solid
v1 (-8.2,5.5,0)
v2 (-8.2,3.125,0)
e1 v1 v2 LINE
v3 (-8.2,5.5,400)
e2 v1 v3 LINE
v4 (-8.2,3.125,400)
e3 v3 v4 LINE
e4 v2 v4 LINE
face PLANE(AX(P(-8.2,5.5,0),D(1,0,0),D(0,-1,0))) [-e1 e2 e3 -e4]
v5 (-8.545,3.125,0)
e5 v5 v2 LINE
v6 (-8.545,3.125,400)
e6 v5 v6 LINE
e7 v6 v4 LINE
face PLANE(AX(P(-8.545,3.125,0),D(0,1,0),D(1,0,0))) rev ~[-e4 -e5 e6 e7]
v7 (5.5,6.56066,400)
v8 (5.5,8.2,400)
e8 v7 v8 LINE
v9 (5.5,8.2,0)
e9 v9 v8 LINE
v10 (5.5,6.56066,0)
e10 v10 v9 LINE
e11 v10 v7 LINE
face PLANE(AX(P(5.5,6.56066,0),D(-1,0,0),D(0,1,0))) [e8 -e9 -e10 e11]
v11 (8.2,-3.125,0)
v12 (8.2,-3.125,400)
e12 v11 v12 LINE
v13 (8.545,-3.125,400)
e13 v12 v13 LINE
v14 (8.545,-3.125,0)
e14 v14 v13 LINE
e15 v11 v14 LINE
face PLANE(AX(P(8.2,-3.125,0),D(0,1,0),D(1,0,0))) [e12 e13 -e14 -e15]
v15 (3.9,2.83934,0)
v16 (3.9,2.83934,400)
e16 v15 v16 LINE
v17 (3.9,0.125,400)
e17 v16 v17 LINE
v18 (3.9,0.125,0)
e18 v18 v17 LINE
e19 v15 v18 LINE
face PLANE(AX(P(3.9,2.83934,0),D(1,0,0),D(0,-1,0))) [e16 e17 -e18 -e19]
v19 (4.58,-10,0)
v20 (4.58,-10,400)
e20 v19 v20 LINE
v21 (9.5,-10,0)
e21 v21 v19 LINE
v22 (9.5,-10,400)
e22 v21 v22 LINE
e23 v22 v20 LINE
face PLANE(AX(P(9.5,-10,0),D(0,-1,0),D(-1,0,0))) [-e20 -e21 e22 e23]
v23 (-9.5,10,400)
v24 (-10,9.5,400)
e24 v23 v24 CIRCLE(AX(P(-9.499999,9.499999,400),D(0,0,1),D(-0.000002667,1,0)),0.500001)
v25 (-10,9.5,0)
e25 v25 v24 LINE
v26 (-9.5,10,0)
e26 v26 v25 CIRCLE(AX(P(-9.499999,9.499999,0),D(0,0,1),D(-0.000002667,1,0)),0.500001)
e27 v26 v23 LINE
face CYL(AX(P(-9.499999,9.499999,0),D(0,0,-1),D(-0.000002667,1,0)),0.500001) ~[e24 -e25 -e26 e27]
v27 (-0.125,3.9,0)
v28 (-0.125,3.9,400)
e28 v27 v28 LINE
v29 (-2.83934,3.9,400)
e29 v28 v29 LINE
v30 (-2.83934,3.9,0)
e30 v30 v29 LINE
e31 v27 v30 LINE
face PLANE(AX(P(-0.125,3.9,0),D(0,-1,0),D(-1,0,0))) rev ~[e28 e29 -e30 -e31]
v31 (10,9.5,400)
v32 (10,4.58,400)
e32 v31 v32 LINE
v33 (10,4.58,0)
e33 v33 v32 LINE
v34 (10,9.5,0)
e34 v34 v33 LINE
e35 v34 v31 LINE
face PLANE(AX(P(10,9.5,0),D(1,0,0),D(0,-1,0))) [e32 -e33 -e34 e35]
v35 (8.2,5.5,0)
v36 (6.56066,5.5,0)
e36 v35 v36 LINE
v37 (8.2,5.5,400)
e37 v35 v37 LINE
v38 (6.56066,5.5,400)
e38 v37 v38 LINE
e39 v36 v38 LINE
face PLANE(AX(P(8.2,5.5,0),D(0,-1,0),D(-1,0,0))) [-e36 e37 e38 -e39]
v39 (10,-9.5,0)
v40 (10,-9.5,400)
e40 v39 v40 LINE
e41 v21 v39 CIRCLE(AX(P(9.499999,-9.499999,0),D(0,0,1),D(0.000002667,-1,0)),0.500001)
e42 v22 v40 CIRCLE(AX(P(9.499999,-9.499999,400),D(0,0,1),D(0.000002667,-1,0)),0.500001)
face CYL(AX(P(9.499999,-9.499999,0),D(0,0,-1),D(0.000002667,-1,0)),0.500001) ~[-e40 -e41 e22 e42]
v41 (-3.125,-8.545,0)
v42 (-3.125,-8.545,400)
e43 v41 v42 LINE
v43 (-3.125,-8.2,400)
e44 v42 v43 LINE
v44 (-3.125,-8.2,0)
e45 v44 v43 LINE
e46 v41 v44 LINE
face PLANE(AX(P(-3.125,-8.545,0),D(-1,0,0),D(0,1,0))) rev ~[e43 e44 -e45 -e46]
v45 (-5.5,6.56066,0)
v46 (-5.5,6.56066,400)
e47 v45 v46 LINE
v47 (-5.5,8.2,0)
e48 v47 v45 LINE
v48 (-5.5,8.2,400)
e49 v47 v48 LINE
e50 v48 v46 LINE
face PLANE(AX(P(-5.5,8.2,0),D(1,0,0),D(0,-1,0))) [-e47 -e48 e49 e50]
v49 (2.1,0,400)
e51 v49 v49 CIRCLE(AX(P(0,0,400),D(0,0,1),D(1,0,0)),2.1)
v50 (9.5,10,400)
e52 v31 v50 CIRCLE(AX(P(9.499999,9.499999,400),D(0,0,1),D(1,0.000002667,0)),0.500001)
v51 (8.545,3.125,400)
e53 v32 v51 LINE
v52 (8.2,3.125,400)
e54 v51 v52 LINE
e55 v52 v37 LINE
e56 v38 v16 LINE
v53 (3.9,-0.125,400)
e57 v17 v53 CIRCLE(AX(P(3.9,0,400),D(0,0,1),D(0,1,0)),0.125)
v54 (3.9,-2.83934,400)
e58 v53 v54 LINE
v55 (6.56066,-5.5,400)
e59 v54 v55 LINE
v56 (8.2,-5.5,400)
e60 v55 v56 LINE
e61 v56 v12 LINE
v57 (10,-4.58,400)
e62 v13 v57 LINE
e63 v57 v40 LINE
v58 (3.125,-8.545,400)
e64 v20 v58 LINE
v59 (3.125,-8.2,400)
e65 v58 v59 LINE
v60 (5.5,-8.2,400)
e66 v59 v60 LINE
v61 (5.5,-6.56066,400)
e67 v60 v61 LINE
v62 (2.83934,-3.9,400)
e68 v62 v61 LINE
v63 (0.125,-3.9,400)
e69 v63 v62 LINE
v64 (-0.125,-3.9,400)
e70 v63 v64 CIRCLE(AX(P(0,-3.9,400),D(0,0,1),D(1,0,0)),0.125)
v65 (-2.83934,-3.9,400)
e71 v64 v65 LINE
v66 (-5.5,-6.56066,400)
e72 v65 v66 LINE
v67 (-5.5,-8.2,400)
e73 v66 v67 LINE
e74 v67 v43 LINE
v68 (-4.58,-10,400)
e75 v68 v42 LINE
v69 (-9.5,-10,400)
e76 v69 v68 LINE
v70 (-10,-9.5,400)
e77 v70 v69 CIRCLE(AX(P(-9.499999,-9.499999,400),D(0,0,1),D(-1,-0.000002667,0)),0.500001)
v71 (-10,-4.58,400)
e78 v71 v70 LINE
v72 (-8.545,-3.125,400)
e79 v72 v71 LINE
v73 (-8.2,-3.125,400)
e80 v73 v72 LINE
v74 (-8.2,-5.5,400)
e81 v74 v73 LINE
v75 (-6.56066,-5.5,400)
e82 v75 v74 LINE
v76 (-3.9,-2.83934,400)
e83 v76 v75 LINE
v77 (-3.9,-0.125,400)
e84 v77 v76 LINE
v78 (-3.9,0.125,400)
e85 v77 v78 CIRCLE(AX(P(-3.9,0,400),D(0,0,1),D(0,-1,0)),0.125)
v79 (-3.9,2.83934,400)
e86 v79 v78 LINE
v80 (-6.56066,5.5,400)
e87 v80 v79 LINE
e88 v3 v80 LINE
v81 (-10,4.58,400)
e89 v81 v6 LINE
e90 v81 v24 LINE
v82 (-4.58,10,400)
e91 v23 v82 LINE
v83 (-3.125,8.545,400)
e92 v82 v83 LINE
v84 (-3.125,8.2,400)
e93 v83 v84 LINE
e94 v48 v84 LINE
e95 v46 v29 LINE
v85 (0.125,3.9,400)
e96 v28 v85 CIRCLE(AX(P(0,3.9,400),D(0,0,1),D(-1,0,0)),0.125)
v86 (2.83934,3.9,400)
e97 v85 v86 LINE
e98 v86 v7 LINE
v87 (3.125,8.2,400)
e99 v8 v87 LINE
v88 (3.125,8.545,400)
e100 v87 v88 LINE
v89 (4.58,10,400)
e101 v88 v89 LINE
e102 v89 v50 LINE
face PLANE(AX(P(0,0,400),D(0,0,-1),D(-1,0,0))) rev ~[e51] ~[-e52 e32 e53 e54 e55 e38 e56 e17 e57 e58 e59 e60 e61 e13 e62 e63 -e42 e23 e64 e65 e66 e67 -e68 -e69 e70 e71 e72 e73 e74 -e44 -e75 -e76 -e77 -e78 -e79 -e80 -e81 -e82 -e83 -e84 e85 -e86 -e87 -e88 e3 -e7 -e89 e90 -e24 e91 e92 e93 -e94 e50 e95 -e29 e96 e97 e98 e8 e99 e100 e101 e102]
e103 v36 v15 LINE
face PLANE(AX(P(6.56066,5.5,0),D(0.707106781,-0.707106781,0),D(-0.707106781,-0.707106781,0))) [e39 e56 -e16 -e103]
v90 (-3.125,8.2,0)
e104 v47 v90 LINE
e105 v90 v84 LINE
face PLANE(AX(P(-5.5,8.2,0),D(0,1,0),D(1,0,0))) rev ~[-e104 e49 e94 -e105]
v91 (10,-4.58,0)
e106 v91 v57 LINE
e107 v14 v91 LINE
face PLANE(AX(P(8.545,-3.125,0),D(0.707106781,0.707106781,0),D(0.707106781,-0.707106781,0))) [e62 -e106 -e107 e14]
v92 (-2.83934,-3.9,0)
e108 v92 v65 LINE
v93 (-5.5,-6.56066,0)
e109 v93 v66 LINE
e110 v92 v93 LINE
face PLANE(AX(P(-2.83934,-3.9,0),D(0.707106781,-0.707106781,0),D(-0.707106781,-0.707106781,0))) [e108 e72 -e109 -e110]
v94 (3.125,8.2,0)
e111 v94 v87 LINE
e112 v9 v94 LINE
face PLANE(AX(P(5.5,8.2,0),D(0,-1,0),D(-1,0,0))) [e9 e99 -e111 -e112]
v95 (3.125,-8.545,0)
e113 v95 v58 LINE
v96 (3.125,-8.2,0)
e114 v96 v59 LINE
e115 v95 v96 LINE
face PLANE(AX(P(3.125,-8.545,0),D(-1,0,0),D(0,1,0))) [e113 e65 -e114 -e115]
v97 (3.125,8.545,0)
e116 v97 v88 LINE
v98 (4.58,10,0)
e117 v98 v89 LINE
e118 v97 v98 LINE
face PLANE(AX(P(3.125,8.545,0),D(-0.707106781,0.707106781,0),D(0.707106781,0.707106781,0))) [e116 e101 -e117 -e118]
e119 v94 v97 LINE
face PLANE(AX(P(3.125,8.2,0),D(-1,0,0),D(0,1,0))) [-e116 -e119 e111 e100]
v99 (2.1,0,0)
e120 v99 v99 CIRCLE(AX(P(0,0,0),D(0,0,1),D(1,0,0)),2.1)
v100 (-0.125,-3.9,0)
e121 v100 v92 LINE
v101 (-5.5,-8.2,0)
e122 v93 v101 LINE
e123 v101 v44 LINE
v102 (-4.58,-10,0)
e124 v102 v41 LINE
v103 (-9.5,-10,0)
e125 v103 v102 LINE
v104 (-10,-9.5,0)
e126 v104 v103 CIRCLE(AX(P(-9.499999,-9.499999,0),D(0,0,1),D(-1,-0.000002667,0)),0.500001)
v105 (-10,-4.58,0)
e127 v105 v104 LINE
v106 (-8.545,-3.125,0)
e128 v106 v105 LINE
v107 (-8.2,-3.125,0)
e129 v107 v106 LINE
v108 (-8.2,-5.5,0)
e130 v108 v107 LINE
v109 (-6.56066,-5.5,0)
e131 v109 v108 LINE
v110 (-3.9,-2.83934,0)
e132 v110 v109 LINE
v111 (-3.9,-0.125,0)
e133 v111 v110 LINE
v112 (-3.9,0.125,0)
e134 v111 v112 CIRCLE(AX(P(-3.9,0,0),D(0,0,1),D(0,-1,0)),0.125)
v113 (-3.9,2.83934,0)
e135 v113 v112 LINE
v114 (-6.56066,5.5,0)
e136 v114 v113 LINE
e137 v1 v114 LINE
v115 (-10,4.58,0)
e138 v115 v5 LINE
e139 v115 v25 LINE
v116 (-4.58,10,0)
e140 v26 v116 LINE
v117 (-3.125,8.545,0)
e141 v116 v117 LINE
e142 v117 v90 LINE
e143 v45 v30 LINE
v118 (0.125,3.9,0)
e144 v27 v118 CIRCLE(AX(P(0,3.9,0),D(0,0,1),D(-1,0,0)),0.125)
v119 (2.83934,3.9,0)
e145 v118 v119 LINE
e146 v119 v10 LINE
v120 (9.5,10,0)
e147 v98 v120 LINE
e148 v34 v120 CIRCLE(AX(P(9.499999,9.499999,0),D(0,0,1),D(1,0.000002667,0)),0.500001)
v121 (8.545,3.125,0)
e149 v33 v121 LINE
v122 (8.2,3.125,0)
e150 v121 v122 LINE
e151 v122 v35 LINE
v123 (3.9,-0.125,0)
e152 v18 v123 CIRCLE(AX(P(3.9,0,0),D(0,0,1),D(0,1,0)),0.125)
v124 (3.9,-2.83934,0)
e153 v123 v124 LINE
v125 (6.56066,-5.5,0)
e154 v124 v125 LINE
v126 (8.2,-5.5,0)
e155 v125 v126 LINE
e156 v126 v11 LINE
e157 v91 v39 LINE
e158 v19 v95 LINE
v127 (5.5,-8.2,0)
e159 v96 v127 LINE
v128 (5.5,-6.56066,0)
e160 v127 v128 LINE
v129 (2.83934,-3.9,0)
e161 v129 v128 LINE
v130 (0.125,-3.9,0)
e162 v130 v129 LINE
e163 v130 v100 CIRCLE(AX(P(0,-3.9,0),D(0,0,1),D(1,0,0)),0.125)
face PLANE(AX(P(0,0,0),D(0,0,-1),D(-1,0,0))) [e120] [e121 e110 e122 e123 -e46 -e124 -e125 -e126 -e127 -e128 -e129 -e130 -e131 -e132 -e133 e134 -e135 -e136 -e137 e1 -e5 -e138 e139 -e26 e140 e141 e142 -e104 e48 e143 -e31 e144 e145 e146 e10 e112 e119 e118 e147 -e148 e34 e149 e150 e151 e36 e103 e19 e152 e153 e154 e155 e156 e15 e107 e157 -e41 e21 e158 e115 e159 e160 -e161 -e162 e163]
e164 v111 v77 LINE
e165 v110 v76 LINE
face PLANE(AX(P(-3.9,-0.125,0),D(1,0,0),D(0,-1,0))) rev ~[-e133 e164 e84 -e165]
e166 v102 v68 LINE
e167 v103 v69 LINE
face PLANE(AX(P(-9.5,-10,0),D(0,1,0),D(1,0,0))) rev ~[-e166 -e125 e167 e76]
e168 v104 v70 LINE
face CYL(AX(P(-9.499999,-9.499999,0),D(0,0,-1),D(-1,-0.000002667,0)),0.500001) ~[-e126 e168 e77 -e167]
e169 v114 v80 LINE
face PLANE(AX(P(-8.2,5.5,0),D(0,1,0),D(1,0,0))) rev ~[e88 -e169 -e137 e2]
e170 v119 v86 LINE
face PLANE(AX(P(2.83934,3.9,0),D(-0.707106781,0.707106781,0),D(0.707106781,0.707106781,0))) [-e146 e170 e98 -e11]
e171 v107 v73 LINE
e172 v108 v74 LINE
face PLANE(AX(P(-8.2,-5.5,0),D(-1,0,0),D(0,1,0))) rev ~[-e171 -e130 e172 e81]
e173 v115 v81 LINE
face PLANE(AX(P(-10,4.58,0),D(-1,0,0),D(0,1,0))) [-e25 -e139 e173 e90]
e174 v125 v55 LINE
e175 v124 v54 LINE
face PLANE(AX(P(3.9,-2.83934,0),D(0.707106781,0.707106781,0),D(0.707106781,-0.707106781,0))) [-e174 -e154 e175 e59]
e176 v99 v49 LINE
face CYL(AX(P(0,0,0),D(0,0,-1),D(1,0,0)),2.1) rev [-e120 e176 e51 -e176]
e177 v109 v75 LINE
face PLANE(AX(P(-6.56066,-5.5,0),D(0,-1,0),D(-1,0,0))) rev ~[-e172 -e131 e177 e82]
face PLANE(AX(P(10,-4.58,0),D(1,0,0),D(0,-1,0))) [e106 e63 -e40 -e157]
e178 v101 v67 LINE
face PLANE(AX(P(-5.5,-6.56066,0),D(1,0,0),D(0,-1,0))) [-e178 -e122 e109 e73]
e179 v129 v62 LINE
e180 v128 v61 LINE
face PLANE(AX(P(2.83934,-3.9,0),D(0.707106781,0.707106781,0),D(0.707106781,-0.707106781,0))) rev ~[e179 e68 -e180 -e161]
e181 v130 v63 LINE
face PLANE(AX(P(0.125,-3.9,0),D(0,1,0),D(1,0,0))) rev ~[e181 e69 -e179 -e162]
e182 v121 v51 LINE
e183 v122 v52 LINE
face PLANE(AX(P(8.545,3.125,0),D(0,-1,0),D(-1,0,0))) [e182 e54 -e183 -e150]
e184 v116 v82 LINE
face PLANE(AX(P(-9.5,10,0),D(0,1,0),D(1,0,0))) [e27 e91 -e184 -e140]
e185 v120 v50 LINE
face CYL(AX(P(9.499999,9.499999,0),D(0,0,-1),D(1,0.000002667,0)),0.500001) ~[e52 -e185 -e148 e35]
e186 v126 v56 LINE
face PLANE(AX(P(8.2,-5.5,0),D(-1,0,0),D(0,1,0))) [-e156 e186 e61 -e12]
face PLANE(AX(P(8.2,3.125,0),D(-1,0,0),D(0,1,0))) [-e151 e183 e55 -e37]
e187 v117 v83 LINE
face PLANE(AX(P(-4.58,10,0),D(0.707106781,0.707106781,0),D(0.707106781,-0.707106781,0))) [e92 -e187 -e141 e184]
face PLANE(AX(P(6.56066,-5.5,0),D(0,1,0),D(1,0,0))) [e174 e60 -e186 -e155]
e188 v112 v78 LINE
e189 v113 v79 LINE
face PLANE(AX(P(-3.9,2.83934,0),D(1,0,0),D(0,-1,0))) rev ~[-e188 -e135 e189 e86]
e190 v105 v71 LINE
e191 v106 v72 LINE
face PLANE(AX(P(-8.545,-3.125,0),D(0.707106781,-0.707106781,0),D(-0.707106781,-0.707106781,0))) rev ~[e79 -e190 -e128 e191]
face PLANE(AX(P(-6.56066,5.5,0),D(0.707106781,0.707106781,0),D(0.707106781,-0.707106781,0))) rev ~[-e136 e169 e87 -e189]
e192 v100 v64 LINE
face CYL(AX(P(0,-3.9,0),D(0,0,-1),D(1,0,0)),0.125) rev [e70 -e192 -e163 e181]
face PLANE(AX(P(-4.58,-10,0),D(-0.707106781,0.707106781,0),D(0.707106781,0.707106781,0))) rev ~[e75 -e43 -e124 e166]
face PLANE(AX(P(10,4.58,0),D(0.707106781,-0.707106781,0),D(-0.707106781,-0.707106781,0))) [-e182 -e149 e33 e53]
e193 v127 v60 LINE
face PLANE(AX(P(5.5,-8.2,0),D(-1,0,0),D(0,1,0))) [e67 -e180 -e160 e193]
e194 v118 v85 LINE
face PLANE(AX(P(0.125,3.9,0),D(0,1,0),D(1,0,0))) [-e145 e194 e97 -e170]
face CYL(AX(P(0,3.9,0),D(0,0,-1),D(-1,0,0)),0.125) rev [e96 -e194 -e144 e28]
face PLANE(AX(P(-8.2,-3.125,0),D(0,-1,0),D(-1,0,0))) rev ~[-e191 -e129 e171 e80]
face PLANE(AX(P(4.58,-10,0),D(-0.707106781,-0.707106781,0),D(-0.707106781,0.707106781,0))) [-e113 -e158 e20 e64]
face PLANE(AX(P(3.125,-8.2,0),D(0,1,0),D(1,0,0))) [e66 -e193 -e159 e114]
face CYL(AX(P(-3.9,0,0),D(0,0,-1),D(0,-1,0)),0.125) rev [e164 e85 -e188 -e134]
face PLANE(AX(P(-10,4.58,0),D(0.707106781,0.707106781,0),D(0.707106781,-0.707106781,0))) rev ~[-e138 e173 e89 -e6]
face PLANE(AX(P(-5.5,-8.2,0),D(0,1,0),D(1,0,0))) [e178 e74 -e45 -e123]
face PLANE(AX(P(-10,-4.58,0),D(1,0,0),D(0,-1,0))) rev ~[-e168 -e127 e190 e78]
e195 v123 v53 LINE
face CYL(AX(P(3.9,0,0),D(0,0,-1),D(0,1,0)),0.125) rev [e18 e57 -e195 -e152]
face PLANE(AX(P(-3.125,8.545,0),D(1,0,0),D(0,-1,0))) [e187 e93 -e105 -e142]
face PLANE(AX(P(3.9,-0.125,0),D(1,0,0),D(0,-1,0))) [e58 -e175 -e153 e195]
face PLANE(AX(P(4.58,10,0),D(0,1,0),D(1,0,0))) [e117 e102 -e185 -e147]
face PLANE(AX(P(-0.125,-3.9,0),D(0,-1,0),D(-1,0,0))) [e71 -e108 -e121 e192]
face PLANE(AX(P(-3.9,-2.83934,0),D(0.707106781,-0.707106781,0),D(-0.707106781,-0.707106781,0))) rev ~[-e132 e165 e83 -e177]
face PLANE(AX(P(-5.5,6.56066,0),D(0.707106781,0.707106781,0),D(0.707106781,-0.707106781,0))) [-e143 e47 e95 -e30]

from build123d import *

# Parameters (mm, degrees)
SKETCH_R  = 2.1
PAD_DEPTH = 400


with BuildPart() as part:
    # Sketch → Pad (new body)
    with BuildSketch(Plane.XY):
        with BuildLine():
            Line((-10, 4.58), (-10, 9.5))
            ThreePointArc((-9.5, 10), (-9.853553, 9.853553), (-10, 9.5))
            Line((-9.5, 10), (-4.58, 10))
            Line((-4.58, 10), (-3.125, 8.545))
            Line((-3.125, 8.545), (-3.125, 8.2))
            Line((-5.5, 8.2), (-3.125, 8.2))
            Line((-5.5, 8.2), (-5.5, 6.56066))
            Line((-5.5, 6.56066), (-2.83934, 3.9))
            Line((-0.125, 3.9), (-2.83934, 3.9))
            ThreePointArc((-0.125, 3.9), (0, 3.775), (0.125, 3.9))
            Line((0.125, 3.9), (2.83934, 3.9))
            Line((2.83934, 3.9), (5.5, 6.56066))
            Line((5.5, 6.56066), (5.5, 8.2))
            Line((5.5, 8.2), (3.125, 8.2))
            Line((3.125, 8.2), (3.125, 8.545))
            Line((3.125, 8.545), (4.58, 10))
            Line((4.58, 10), (9.5, 10))
            ThreePointArc((10, 9.5), (9.853553, 9.853553), (9.5, 10))
            Line((10, 9.5), (10, 4.58))
            Line((10, 4.58), (8.545, 3.125))
            Line((8.545, 3.125), (8.2, 3.125))
            Line((8.2, 3.125), (8.2, 5.5))
            Line((8.2, 5.5), (6.56066, 5.5))
            Line((6.56066, 5.5), (3.9, 2.83934))
            Line((3.9, 2.83934), (3.9, 0.125))
            ThreePointArc((3.9, 0.125), (3.775, 0), (3.9, -0.125))
            Line((3.9, -0.125), (3.9, -2.83934))
            Line((3.9, -2.83934), (6.56066, -5.5))
            Line((6.56066, -5.5), (8.2, -5.5))
            Line((8.2, -5.5), (8.2, -3.125))
            Line((8.2, -3.125), (8.545, -3.125))
            Line((8.545, -3.125), (10, -4.58))
            Line((10, -4.58), (10, -9.5))
            ThreePointArc((9.5, -10), (9.853553, -9.853553), (10, -9.5))
            Line((9.5, -10), (4.58, -10))
            Line((4.58, -10), (3.125, -8.545))
            Line((3.125, -8.545), (3.125, -8.2))
            Line((3.125, -8.2), (5.5, -8.2))
            Line((5.5, -8.2), (5.5, -6.56066))
            Line((2.83934, -3.9), (5.5, -6.56066))
            Line((0.125, -3.9), (2.83934, -3.9))
            ThreePointArc((0.125, -3.9), (0, -3.775), (-0.125, -3.9))
            Line((-0.125, -3.9), (-2.83934, -3.9))
            Line((-2.83934, -3.9), (-5.5, -6.56066))
            Line((-5.5, -6.56066), (-5.5, -8.2))
            Line((-5.5, -8.2), (-3.125, -8.2))
            Line((-3.125, -8.545), (-3.125, -8.2))
            Line((-4.58, -10), (-3.125, -8.545))
            Line((-9.5, -10), (-4.58, -10))
            ThreePointArc((-10, -9.5), (-9.853553, -9.853553), (-9.5, -10))
            Line((-10, -4.58), (-10, -9.5))
            Line((-8.545, -3.125), (-10, -4.58))
            Line((-8.2, -3.125), (-8.545, -3.125))
            Line((-8.2, -5.5), (-8.2, -3.125))
            Line((-6.56066, -5.5), (-8.2, -5.5))
            Line((-3.9, -2.83934), (-6.56066, -5.5))
            Line((-3.9, -0.125), (-3.9, -2.83934))
            ThreePointArc((-3.9, -0.125), (-3.775, 0), (-3.9, 0.125))
            Line((-3.9, 2.83934), (-3.9, 0.125))
            Line((-6.56066, 5.5), (-3.9, 2.83934))
            Line((-8.2, 5.5), (-6.56066, 5.5))
            Line((-8.2, 5.5), (-8.2, 3.125))
            Line((-8.545, 3.125), (-8.2, 3.125))
            Line((-10, 4.58), (-8.545, 3.125))
        make_face()
        Circle(SKETCH_R, mode=Mode.SUBTRACT)
    extrude(amount=PAD_DEPTH)


solid = part.part
